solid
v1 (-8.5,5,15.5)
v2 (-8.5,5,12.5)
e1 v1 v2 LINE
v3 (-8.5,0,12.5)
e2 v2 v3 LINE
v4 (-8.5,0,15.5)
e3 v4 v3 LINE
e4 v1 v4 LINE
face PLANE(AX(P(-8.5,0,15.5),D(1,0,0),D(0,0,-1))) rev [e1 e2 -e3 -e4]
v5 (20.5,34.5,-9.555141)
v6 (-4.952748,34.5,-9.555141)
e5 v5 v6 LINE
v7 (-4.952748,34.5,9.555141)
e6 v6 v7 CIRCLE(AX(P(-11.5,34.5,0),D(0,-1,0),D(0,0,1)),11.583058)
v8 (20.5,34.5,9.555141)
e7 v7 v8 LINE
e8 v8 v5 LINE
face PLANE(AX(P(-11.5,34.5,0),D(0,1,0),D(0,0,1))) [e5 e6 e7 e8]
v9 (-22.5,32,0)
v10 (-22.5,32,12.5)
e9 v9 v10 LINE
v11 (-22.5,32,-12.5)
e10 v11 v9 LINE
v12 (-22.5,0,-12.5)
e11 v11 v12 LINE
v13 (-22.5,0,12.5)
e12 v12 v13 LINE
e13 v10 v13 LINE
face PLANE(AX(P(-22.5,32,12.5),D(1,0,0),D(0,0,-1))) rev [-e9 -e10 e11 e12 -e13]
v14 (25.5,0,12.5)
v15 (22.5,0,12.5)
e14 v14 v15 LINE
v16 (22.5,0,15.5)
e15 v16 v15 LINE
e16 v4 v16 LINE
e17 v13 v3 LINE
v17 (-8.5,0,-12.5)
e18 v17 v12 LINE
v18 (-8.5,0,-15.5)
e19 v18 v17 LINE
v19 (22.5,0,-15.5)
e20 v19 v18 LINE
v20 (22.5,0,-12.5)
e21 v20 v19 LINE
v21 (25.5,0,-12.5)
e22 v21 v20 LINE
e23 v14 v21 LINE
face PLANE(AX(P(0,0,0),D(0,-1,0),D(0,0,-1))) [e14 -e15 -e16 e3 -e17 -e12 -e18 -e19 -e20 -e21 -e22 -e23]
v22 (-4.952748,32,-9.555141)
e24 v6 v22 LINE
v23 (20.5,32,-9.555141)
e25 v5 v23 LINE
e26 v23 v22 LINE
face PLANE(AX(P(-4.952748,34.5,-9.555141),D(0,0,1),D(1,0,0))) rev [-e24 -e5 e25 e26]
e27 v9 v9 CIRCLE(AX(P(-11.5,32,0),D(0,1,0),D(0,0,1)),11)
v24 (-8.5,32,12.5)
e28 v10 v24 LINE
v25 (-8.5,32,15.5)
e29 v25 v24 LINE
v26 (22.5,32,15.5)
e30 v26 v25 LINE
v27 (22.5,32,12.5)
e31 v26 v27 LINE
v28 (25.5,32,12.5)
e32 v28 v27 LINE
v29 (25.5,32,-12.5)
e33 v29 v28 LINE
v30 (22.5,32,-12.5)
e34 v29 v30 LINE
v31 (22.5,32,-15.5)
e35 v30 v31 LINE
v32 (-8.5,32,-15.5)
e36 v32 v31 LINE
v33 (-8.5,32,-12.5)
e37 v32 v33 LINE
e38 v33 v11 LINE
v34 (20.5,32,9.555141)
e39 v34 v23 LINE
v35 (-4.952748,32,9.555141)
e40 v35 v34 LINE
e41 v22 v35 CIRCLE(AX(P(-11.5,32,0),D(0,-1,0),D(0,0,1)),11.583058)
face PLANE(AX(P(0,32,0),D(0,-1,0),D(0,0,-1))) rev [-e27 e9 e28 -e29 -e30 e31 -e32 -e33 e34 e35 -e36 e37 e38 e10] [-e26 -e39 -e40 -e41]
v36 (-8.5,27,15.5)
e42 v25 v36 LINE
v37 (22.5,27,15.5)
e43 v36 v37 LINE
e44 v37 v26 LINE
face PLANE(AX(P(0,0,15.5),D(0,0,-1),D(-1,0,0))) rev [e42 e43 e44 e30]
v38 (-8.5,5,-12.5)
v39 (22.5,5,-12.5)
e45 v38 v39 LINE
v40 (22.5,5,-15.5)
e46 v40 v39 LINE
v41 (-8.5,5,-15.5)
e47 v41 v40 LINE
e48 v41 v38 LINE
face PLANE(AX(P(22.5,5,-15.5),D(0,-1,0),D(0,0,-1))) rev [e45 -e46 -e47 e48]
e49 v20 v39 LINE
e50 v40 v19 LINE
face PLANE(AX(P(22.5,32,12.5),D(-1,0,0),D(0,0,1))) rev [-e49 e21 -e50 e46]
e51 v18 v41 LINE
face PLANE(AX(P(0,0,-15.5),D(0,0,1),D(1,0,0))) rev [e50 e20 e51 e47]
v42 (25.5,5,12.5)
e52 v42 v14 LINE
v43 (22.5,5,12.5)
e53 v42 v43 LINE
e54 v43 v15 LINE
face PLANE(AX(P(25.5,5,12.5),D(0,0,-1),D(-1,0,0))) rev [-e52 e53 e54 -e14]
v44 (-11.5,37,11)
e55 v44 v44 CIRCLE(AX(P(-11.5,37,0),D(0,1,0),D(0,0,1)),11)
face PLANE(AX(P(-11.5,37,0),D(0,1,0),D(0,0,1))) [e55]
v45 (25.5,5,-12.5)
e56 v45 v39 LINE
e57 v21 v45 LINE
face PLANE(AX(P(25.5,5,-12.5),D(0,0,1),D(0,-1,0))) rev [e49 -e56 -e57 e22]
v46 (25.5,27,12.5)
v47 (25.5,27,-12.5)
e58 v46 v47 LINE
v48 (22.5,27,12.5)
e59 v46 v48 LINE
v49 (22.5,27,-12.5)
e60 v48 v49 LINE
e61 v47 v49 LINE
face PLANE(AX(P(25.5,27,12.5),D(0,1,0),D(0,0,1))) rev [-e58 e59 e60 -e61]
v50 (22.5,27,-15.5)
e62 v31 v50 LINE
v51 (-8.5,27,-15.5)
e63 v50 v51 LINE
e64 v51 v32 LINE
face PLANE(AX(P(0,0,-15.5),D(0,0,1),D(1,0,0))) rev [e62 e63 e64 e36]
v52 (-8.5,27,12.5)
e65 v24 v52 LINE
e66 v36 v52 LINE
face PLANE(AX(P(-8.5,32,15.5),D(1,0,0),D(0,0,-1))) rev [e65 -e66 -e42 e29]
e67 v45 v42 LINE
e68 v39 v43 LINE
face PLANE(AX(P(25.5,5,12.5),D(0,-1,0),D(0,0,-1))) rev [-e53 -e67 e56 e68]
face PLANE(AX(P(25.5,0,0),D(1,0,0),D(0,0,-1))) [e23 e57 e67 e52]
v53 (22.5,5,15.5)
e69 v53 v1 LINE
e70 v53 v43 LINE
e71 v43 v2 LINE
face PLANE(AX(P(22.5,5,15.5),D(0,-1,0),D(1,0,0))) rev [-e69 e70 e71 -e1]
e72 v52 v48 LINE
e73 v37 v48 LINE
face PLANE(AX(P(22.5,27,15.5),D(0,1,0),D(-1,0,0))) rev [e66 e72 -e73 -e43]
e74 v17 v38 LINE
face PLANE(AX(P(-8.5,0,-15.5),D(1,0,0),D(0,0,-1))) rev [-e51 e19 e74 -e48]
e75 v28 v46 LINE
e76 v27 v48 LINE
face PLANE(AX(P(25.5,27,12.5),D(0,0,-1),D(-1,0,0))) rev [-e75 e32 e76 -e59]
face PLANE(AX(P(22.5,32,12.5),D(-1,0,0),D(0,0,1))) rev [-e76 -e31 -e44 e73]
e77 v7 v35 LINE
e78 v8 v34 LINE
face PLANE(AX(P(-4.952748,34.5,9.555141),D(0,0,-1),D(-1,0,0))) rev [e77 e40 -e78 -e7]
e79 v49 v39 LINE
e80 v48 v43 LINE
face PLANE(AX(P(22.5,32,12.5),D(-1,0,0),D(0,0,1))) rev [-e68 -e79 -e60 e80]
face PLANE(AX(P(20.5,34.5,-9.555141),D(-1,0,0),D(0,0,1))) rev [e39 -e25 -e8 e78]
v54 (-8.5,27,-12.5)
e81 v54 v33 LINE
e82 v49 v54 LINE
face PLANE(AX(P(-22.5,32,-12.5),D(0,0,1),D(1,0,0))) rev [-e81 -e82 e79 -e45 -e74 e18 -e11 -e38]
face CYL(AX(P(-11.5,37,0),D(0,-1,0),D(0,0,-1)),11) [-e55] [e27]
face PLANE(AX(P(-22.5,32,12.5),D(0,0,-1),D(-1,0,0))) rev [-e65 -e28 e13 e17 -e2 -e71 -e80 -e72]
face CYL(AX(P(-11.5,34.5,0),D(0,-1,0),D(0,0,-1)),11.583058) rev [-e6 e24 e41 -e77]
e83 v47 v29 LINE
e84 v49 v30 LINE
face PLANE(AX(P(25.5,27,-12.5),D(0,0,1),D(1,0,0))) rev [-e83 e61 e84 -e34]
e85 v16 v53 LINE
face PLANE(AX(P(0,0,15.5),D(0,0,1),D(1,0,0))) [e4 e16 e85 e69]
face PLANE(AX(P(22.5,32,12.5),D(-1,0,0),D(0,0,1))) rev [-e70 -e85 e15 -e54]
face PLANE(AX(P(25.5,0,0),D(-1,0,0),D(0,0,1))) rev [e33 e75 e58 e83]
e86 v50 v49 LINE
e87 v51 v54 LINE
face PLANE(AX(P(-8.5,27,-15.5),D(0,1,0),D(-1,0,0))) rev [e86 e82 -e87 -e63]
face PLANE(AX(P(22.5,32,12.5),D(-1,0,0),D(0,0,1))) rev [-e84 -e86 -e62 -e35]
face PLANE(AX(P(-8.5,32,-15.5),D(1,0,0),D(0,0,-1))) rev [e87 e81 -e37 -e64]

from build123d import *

# Parameters (mm, degrees)
SKETCH1_W           = 45
SKETCH1_H           = 25
BOSS_EXTRUDE1_DEPTH = 32
SKETCH2_R           = 11
BOSS_EXTRUDE2_DEPTH = 5
BOSS_EXTRUDE3_DEPTH = 2.5
SKETCH4_W           = 31
SKETCH4_H           = 5
BOSS_EXTRUDE4_DEPTH = 3
SKETCH5_W           = 31
SKETCH5_H           = 5
BOSS_EXTRUDE5_DEPTH = 3
SKETCH6_W           = 25
SKETCH6_H           = 5
BOSS_EXTRUDE6_DEPTH = 3


with BuildPart() as part:
    # Sketch1 → Boss-Extrude1 (new body)
    with BuildSketch(Plane(origin=(0, 0, 0), x_dir=(1, 0, 0), z_dir=(0, 1, 0))):
        Rectangle(SKETCH1_W, SKETCH1_H)
    extrude(amount=BOSS_EXTRUDE1_DEPTH)

    # Sketch2 → Boss-Extrude2 (add)
    with BuildSketch(Plane(origin=(0, 32, 0), x_dir=(1, 0, 0), z_dir=(0, 1, 0))):
        with Locations((-11.5, 0)):
            Circle(SKETCH2_R)
    extrude(amount=BOSS_EXTRUDE2_DEPTH)

    # Sketch3 → Boss-Extrude3 (add)
    with BuildSketch(Plane(origin=(0, 32, 0), x_dir=(1, 0, 0), z_dir=(0, 1, 0))):
        with BuildLine():
            Line((-4.952747944, 9.555141067), (20.5, 9.555141067))
            Line((20.5, 9.555141067), (20.5, -9.555141067))
            Line((20.5, -9.555141067), (-4.952747944, -9.555141067))
            ThreePointArc((-4.952747944, -9.555141067), (0.083057899, 0), (-4.952747944, 9.555141067))
        make_face()
    extrude(amount=BOSS_EXTRUDE3_DEPTH)

    # Sketch4 → Boss-Extrude4 (add)
    with BuildSketch(Plane.XY.offset(12.5)):
        with Locations((7, 29.5)):
            Rectangle(SKETCH4_W, SKETCH4_H)
        with Locations((7, 2.5)):
            Rectangle(SKETCH4_W, SKETCH4_H)
    extrude(amount=BOSS_EXTRUDE4_DEPTH)

    # Sketch5 → Boss-Extrude5 (add)
    with BuildSketch(Plane(origin=(0, 0, -12.5), x_dir=(-1, 0, 0), z_dir=(0, 0, -1))):
        with Locations((-7, 29.5)):
            Rectangle(SKETCH5_W, SKETCH5_H)
        with Locations((-7, 2.5)):
            Rectangle(SKETCH5_W, SKETCH5_H)
    extrude(amount=BOSS_EXTRUDE5_DEPTH)

    # Sketch6 → Boss-Extrude6 (add)
    with BuildSketch(Plane(origin=(22.5, 0, 0), x_dir=(0, 0, -1), z_dir=(1, 0, 0))):
        with Locations((0, 2.5)):
            Rectangle(SKETCH6_W, SKETCH6_H)
        with Locations((0, 29.5)):
            Rectangle(SKETCH6_W, SKETCH6_H)
    extrude(amount=BOSS_EXTRUDE6_DEPTH)


solid = part.part
